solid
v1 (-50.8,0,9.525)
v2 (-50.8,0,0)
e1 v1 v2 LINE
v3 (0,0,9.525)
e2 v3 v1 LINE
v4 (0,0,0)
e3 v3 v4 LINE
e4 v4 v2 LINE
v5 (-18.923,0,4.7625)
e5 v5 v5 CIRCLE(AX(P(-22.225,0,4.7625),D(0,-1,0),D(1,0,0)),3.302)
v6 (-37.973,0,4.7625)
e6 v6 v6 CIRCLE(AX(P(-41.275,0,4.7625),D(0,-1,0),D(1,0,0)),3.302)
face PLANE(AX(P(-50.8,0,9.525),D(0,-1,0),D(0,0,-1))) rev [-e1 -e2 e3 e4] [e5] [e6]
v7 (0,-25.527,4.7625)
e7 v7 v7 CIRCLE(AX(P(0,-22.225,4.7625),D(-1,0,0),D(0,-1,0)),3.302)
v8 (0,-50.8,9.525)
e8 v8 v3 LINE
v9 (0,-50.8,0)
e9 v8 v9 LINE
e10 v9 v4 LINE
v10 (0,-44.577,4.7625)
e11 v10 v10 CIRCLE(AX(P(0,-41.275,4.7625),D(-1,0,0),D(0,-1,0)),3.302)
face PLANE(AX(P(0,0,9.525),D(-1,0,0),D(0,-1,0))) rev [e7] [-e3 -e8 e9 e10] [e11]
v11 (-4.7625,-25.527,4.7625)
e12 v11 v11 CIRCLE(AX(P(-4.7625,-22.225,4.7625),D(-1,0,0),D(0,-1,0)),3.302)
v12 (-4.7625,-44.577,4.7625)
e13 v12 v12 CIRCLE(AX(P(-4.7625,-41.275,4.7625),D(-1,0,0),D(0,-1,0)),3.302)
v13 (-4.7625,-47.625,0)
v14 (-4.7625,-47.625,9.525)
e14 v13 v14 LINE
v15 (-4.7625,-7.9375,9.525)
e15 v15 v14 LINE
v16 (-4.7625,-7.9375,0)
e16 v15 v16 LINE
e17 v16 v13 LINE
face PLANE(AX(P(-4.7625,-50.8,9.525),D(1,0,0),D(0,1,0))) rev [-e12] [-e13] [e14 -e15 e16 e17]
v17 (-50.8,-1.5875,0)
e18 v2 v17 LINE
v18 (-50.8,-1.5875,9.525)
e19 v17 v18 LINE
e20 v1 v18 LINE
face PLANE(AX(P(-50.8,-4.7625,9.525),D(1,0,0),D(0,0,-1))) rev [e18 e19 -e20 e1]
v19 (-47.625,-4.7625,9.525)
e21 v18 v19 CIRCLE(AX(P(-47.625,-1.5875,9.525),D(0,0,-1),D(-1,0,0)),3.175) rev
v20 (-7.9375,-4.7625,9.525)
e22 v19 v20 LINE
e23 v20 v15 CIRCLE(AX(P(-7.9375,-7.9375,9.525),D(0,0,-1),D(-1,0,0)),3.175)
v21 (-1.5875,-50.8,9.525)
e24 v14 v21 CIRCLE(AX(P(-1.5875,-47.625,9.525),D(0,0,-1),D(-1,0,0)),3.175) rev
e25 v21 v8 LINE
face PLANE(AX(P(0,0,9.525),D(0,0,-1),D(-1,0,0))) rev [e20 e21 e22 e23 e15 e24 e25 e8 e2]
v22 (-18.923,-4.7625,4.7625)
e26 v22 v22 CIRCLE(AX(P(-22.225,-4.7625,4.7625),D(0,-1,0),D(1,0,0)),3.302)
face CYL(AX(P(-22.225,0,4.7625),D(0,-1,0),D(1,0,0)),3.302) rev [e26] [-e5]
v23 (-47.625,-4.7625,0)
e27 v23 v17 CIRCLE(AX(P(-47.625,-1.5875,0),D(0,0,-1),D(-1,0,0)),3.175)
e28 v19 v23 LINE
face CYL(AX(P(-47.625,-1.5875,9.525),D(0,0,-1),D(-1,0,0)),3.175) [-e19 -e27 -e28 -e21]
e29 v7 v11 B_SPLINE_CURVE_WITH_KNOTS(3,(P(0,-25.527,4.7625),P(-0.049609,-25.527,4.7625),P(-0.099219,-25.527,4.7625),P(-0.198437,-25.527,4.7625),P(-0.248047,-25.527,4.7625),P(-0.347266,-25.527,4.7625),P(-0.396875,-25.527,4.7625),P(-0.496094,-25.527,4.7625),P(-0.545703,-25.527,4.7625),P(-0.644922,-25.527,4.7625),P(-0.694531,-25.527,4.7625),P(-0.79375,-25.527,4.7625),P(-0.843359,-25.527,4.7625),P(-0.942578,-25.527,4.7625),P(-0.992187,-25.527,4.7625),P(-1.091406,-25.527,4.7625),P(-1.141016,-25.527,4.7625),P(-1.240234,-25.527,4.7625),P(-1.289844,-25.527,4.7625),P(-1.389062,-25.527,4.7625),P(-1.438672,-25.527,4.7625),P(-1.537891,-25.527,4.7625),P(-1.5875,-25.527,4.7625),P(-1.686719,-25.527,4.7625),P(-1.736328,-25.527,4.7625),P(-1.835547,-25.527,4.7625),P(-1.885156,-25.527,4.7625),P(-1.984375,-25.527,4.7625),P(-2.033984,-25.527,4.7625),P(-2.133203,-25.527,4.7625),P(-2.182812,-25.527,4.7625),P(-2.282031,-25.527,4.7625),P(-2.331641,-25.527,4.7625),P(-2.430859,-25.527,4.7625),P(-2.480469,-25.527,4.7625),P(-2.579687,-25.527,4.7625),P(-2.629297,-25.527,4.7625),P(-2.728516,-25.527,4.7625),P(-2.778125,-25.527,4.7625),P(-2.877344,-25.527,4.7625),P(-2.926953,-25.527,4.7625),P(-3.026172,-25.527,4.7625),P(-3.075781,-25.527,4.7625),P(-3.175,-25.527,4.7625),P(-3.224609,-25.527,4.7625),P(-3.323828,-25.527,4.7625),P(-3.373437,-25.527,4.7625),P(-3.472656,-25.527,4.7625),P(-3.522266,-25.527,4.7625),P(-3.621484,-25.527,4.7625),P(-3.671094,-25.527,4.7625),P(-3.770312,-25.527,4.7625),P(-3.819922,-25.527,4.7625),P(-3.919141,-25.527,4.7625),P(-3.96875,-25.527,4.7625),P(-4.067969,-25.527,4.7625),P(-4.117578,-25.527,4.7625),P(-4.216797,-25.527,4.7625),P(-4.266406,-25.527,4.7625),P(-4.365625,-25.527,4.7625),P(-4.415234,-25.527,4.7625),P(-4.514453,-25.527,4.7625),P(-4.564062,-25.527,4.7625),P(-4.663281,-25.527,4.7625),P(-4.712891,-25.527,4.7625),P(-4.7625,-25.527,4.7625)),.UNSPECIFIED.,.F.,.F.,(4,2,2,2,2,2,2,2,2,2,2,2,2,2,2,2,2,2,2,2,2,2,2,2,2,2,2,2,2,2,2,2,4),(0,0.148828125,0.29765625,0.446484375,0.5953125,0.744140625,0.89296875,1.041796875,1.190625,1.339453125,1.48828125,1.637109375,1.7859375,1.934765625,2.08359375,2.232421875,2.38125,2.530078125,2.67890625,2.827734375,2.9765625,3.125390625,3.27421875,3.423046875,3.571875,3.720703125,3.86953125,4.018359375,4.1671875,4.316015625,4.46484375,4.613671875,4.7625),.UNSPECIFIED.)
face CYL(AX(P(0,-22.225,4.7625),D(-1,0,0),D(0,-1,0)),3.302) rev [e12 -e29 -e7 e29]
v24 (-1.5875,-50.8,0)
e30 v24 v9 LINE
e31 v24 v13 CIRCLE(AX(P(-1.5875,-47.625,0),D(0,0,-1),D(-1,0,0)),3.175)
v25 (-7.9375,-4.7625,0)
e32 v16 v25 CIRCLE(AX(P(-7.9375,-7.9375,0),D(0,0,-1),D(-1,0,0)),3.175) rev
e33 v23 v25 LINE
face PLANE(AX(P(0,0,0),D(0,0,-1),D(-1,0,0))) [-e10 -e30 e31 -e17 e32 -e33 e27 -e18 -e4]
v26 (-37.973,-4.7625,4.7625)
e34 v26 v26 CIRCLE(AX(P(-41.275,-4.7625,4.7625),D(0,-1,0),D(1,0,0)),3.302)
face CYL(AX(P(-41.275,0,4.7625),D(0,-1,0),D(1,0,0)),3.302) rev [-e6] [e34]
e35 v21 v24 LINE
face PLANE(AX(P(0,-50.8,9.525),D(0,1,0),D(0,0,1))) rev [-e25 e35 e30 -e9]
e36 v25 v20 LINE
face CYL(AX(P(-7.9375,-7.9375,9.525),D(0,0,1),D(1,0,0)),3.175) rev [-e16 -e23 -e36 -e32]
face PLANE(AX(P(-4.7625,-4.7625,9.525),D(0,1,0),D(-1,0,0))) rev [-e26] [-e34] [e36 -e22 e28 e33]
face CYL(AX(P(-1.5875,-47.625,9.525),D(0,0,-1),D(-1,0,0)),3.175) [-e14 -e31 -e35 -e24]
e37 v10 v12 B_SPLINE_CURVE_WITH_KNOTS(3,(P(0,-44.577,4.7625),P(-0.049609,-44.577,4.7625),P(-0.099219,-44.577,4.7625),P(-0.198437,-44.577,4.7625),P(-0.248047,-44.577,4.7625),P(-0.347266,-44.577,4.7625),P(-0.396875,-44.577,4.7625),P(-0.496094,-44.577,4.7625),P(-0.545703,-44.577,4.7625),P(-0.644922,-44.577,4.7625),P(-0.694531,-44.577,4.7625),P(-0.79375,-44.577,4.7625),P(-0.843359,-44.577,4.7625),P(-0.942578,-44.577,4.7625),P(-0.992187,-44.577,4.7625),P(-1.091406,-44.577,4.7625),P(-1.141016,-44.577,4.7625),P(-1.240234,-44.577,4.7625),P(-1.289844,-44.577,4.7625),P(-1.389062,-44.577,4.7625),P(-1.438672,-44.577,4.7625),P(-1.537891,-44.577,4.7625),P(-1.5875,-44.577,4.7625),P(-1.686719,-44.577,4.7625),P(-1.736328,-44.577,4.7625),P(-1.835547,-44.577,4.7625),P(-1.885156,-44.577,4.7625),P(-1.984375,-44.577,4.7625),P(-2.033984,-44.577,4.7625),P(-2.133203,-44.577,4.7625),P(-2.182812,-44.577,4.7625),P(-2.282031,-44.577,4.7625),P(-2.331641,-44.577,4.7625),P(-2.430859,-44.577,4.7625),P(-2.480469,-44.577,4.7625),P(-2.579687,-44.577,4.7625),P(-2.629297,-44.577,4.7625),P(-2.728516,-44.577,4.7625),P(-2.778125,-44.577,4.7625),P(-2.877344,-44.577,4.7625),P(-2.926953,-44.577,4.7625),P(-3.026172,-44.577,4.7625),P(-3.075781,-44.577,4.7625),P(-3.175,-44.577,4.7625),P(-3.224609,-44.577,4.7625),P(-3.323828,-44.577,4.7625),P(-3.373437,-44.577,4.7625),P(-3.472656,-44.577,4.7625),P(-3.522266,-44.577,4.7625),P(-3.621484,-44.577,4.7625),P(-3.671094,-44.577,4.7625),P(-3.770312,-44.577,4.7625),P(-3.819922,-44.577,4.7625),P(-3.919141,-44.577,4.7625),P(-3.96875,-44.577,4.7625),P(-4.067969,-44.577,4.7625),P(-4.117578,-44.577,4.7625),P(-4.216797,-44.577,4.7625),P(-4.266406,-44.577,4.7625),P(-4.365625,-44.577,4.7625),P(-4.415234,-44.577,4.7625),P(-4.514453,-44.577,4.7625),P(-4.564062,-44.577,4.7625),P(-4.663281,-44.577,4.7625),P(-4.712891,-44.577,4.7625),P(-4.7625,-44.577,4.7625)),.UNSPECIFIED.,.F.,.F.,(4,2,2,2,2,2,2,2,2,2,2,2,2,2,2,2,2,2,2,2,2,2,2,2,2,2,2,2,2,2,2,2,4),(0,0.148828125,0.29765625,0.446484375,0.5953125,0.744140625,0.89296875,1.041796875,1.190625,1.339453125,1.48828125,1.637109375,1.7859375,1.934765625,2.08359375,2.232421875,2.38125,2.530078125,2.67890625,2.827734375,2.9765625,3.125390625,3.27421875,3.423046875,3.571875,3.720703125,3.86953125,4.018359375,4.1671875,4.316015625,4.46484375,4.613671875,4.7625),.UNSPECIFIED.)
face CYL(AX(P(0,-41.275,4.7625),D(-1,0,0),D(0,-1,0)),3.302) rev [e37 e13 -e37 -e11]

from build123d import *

# Parameters (mm, degrees)
BOSS_EXTRUDE1_DEPTH = 9.525
FILLET1_R           = 3.175
SKETCH2_R           = 3.302
CUT_EXTRUDE1_DEPTH  = 70.215728207
SKETCH3_R           = 3.302
CUT_EXTRUDE2_DEPTH  = 70.215728207


with BuildPart() as part:
    # Sketch1 → Boss-Extrude1 (new body)
    with BuildSketch(Plane.XY):
        Polygon((-50.8, 0), (0, 0), (0, -50.8), (-4.7625, -50.8), (-4.7625, -4.7625), (-50.8, -4.7625), align=None)
    extrude(amount=BOSS_EXTRUDE1_DEPTH)

    # Fillet1
    fillet1_edges = [part.edges().sort_by_distance(p)[0] for p in [
        (-4.7625, -50.8, 4.7625),
        (-4.7625, -4.7625, 4.7625),
        (-50.8, -4.7625, 4.7625),
    ]]
    fillet(fillet1_edges, radius=FILLET1_R)

    # Sketch2 → Cut-Extrude1 (cut, through all)
    with BuildSketch(Plane.ZY.offset(4.7625)):
        with Locations(Location((4.7625, -41.275, 0), (0, 0, 270))):
            Circle(SKETCH2_R)
        with Locations(Location((4.7625, -22.225, 0), (0, 0, 270))):
            Circle(SKETCH2_R)
    extrude(amount=-CUT_EXTRUDE1_DEPTH, mode=Mode.SUBTRACT)

    # Sketch3 → Cut-Extrude2 (cut, through all)
    with BuildSketch(Plane.XZ.offset(4.7625)):
        with Locations((-41.275, 4.7625)):
            Circle(SKETCH3_R)
        with Locations((-22.225, 4.7625)):
            Circle(SKETCH3_R)
    extrude(amount=-CUT_EXTRUDE2_DEPTH, mode=Mode.SUBTRACT)


solid = part.part
